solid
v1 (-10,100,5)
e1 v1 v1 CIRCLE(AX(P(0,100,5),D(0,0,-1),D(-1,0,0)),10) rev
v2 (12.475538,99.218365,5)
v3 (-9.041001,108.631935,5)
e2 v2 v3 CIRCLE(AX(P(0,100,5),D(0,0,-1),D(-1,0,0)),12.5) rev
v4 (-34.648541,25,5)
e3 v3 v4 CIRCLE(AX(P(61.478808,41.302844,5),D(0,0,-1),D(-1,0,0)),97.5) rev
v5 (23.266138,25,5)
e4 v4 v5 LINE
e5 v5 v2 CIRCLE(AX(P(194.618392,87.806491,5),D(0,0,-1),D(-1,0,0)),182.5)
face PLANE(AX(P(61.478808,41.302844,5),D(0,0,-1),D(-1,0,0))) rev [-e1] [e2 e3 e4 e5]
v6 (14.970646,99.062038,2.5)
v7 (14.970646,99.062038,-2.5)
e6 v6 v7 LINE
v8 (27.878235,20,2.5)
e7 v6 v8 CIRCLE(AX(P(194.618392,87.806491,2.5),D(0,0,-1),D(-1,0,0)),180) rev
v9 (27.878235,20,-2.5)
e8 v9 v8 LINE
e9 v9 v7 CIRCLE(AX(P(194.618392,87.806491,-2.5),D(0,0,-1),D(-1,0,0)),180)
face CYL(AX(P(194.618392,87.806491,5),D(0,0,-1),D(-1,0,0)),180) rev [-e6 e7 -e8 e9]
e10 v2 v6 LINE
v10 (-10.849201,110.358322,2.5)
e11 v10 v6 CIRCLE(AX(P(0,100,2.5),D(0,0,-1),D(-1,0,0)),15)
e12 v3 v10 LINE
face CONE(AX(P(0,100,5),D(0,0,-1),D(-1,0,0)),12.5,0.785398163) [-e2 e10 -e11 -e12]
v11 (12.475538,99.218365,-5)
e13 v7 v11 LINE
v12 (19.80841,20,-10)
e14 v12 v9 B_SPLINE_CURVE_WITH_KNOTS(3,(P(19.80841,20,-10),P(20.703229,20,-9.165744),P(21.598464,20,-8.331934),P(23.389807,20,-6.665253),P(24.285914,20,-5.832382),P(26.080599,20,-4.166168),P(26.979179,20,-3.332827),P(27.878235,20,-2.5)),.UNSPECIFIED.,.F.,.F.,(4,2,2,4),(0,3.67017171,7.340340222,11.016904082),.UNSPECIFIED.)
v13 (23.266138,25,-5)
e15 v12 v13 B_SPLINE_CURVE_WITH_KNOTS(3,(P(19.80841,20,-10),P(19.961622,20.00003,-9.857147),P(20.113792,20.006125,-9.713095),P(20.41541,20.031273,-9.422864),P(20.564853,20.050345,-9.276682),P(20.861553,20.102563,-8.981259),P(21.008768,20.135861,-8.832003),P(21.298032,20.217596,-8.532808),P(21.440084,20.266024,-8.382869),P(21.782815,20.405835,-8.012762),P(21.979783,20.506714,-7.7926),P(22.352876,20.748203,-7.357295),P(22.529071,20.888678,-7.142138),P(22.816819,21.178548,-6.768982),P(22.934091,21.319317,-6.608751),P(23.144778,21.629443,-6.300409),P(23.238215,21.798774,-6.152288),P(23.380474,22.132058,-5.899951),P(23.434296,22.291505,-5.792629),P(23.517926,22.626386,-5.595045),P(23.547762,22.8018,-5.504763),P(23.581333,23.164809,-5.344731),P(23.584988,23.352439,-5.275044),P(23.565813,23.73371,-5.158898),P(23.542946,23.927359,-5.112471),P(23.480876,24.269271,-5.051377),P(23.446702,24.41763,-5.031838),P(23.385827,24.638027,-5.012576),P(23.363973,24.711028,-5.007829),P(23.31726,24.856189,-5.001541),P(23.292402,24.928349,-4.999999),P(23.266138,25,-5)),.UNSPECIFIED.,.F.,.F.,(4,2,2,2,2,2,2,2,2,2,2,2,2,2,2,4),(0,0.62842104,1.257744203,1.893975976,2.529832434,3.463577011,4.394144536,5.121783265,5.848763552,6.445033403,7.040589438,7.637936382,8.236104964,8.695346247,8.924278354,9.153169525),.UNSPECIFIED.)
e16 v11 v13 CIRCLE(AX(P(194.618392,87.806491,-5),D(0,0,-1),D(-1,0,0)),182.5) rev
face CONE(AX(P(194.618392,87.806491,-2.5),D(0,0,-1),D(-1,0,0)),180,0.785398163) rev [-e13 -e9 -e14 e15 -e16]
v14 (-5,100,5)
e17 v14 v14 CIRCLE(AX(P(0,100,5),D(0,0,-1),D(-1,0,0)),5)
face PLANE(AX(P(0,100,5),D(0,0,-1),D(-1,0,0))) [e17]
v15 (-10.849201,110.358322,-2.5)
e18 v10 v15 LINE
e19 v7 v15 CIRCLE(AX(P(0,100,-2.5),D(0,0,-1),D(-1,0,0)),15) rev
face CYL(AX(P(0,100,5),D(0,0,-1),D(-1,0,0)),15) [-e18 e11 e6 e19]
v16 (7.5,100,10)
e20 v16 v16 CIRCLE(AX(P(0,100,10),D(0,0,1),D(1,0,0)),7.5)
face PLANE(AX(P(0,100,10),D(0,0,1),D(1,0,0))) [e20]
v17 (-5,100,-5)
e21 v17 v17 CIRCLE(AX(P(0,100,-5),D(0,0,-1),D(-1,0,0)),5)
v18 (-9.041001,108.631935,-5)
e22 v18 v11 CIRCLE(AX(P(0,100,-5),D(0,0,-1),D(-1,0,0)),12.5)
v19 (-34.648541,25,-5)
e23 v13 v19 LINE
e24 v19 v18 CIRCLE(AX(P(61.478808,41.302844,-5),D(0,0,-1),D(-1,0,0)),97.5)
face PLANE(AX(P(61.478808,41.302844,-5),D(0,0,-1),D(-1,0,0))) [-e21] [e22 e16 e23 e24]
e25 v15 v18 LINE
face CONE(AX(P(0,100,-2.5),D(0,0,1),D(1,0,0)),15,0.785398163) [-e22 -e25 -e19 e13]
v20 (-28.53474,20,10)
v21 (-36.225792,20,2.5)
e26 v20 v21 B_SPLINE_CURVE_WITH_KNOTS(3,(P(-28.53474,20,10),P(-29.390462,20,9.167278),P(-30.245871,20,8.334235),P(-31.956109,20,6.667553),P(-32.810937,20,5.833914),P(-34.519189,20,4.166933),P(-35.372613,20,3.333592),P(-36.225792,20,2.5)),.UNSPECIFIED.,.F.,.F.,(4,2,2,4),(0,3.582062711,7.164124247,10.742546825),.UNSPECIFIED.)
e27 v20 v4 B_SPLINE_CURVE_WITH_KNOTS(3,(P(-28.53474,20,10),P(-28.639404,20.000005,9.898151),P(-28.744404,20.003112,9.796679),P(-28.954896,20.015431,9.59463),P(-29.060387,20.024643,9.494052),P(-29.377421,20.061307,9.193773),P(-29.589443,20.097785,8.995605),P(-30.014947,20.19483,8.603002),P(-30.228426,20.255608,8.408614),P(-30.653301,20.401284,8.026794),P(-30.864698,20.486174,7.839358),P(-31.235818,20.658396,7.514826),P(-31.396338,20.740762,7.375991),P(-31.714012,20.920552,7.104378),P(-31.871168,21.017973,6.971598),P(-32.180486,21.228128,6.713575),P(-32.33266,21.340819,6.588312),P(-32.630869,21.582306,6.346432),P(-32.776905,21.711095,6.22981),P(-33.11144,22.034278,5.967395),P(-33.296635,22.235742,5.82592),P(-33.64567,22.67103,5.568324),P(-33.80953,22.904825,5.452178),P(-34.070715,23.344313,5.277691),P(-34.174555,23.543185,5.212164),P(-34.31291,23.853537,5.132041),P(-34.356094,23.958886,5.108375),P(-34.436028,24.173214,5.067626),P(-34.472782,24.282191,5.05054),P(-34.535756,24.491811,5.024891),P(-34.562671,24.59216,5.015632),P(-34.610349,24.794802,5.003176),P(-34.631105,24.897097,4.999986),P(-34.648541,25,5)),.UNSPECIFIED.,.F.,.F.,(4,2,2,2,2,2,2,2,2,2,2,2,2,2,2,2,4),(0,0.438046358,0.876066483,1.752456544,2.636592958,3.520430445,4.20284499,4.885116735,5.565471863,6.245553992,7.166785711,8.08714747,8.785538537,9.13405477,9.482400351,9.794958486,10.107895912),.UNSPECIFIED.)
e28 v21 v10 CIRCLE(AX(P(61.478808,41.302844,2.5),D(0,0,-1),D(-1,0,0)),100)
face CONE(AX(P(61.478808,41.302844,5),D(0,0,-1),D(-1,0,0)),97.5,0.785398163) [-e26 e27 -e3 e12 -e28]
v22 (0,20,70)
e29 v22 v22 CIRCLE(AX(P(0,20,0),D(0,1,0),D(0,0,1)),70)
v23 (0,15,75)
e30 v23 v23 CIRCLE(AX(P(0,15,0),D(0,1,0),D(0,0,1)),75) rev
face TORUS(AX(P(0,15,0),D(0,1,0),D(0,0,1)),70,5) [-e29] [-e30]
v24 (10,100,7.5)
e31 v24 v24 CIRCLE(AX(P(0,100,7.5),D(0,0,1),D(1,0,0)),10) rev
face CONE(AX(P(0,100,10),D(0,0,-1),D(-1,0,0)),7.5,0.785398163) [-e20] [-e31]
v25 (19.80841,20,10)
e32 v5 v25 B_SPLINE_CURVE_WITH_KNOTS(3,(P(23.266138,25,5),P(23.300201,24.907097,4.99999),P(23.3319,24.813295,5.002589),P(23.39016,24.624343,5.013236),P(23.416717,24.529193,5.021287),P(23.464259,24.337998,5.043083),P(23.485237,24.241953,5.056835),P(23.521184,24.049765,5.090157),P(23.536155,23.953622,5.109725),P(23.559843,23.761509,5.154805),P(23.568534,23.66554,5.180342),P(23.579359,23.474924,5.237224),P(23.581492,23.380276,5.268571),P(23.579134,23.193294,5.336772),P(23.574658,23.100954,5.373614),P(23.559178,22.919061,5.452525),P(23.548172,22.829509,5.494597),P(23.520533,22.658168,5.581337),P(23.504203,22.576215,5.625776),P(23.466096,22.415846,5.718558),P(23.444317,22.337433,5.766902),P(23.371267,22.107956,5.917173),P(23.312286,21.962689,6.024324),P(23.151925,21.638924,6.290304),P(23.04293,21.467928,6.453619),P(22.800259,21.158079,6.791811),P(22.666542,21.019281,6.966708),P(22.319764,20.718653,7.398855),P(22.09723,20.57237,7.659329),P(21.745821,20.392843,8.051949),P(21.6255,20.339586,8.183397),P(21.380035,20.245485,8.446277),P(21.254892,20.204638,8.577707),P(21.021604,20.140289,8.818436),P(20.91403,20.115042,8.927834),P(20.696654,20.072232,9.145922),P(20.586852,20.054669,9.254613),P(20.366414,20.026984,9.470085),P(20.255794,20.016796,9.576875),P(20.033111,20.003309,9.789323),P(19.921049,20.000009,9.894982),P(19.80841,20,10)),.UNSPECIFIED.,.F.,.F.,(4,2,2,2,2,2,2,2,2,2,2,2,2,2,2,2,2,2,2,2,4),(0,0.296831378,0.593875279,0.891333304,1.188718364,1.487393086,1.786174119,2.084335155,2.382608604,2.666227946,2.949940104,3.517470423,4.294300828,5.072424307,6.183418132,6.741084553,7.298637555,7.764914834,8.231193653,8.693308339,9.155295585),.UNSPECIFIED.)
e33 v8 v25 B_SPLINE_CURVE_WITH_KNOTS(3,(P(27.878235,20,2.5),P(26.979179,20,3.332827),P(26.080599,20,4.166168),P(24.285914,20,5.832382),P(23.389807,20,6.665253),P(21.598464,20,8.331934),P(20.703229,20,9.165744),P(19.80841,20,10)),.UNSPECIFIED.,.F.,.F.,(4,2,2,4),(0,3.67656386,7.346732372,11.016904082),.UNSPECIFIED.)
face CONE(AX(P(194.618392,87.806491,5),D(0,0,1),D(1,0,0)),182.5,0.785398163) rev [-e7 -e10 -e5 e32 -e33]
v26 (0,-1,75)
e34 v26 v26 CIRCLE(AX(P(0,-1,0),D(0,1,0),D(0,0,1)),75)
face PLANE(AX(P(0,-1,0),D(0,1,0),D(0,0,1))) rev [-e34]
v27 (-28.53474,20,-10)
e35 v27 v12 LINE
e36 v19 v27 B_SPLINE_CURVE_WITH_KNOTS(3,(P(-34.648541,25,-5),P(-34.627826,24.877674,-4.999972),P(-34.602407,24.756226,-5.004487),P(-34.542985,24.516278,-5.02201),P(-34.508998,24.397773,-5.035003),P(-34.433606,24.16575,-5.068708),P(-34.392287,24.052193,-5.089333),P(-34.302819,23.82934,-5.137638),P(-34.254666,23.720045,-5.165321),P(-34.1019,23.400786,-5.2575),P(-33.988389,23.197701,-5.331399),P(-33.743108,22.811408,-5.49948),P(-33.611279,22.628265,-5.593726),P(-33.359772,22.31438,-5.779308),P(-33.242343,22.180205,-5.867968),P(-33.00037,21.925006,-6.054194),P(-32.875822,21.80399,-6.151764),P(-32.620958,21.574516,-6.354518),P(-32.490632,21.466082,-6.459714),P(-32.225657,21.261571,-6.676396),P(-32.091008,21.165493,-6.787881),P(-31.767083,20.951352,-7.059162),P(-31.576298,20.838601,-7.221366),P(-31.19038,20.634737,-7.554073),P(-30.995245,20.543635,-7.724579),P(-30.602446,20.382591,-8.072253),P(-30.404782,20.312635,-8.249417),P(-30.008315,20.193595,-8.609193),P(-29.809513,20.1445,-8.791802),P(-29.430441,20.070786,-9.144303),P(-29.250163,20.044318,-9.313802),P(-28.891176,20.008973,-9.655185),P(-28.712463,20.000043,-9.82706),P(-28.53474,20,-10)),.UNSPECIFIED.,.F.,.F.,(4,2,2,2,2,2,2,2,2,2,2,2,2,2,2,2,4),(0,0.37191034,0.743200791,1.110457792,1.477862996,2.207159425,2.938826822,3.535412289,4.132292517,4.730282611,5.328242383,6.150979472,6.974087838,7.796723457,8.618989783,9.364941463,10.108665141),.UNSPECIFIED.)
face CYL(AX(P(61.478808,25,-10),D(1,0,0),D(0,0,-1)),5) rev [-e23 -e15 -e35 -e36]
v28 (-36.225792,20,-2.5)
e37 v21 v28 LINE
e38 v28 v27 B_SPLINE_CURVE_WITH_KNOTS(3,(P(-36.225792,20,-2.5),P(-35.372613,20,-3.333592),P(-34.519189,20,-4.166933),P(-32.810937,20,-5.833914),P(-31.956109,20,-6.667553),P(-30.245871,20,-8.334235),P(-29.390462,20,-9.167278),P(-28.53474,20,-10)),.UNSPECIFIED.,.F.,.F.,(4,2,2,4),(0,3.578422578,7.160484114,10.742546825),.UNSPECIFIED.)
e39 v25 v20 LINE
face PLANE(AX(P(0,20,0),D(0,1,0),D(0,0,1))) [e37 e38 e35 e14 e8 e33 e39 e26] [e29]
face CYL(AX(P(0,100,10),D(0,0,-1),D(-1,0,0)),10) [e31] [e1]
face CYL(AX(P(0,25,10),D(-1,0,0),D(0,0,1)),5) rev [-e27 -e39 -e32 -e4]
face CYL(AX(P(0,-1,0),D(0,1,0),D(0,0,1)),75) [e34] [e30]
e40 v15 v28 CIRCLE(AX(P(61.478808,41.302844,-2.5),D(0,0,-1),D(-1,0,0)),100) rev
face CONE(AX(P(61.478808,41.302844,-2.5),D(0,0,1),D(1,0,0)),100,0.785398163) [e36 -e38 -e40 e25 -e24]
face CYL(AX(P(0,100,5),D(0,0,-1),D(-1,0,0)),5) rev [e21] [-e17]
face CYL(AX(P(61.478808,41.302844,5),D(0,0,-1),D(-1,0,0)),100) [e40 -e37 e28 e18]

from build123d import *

# Parameters (mm, degrees)
BOSS_EXTRUDE1_DEPTH      = 20
BOSS_EXTRUDE1_DEPTH_BACK = 1
SKETCH1_R                = 75
FILLET1_R                = 5
BOSS_EXTRUDE2_DEPTH      = 5
CHAMFER1_SIZE            = 2.5
FILLET2_R                = 5
SKETCH4_R                = 10
BOSS_EXTRUDE3_DEPTH      = 5
CHAMFER2_SIZE            = 2.5
SKETCH5_R                = 5
CUT_EXTRUDE1_DEPTH       = 10


with BuildPart() as part:
    # Sketch1 → Boss-Extrude1 (new, two sides: drawn at the far end of the back side and taken through both)
    with BuildSketch(Plane(origin=(0, 0, 0), x_dir=(1, 0, 0), z_dir=(0, 1, 0)).offset(-BOSS_EXTRUDE1_DEPTH_BACK)):
        with Locations(Location((0, 0, 0), (0, 0, 270))):
            Circle(SKETCH1_R)
    extrude(amount=BOSS_EXTRUDE1_DEPTH + BOSS_EXTRUDE1_DEPTH_BACK)

    # Fillet1
    fillet1_edges = [part.edges().sort_by_distance(p)[0] for p in [
        (0, 20, -75),
    ]]
    fillet(fillet1_edges, radius=FILLET1_R)

    # Sketch3 → Boss-Extrude2 (add, symmetric)
    with BuildSketch(Plane.XY):
        with BuildLine():
            Line((-35, 15), (30, 15))
            ThreePointArc((30, 15), (17.428098582, 56.126843631), (14.970645506, 99.06203778))
            ThreePointArc((14.970645506, 99.06203778), (6.012327577, 113.742340307), (-10.849201429, 110.358321696))
            ThreePointArc((-10.849201429, 110.358321696), (-35.460543036, 65.854059614), (-35, 15))
        make_face()
    extrude(amount=BOSS_EXTRUDE2_DEPTH, both=True)

    # Chamfer1
    chamfer1_edges = [part.edges().sort_by_distance(p)[0] for p in [
        (-34.796467261, 68.341174934, -5),
        (16.970295051, 58.803839559, -5),
        (6.012327577, 113.742340307, -5),
        (16.970295051, 58.803839559, 5),
        (6.012327577, 113.742340307, 5),
        (-34.796467261, 68.341174934, 5),
    ]]
    chamfer(chamfer1_edges, length=CHAMFER1_SIZE)

    # Fillet2
    fillet2_edges = [part.edges().sort_by_distance(p)[0] for p in [
        (-4.241511046, 20, -5),
        (-4.241511046, 20, 5),
    ]]
    fillet(fillet2_edges, radius=FILLET2_R)

    # Sketch4 → Boss-Extrude3 (add)
    with BuildSketch(Plane.XY.offset(5)):
        with Locations(Location((0, 100, 0), (0, 0, 180))):
            Circle(SKETCH4_R)
    extrude(amount=BOSS_EXTRUDE3_DEPTH)

    # Chamfer2
    chamfer2_edges = [part.edges().sort_by_distance(p)[0] for p in [
        (10, 100, 10),
    ]]
    chamfer(chamfer2_edges, length=CHAMFER2_SIZE)

    # Sketch5 → Cut-Extrude1 (cut)
    with BuildSketch(Plane(origin=(0, 0, -5), x_dir=(-1, 0, 0), z_dir=(0, 0, -1))):
        with Locations((0, 100)):
            Circle(SKETCH5_R)
    extrude(amount=-CUT_EXTRUDE1_DEPTH, mode=Mode.SUBTRACT)


solid = part.part
